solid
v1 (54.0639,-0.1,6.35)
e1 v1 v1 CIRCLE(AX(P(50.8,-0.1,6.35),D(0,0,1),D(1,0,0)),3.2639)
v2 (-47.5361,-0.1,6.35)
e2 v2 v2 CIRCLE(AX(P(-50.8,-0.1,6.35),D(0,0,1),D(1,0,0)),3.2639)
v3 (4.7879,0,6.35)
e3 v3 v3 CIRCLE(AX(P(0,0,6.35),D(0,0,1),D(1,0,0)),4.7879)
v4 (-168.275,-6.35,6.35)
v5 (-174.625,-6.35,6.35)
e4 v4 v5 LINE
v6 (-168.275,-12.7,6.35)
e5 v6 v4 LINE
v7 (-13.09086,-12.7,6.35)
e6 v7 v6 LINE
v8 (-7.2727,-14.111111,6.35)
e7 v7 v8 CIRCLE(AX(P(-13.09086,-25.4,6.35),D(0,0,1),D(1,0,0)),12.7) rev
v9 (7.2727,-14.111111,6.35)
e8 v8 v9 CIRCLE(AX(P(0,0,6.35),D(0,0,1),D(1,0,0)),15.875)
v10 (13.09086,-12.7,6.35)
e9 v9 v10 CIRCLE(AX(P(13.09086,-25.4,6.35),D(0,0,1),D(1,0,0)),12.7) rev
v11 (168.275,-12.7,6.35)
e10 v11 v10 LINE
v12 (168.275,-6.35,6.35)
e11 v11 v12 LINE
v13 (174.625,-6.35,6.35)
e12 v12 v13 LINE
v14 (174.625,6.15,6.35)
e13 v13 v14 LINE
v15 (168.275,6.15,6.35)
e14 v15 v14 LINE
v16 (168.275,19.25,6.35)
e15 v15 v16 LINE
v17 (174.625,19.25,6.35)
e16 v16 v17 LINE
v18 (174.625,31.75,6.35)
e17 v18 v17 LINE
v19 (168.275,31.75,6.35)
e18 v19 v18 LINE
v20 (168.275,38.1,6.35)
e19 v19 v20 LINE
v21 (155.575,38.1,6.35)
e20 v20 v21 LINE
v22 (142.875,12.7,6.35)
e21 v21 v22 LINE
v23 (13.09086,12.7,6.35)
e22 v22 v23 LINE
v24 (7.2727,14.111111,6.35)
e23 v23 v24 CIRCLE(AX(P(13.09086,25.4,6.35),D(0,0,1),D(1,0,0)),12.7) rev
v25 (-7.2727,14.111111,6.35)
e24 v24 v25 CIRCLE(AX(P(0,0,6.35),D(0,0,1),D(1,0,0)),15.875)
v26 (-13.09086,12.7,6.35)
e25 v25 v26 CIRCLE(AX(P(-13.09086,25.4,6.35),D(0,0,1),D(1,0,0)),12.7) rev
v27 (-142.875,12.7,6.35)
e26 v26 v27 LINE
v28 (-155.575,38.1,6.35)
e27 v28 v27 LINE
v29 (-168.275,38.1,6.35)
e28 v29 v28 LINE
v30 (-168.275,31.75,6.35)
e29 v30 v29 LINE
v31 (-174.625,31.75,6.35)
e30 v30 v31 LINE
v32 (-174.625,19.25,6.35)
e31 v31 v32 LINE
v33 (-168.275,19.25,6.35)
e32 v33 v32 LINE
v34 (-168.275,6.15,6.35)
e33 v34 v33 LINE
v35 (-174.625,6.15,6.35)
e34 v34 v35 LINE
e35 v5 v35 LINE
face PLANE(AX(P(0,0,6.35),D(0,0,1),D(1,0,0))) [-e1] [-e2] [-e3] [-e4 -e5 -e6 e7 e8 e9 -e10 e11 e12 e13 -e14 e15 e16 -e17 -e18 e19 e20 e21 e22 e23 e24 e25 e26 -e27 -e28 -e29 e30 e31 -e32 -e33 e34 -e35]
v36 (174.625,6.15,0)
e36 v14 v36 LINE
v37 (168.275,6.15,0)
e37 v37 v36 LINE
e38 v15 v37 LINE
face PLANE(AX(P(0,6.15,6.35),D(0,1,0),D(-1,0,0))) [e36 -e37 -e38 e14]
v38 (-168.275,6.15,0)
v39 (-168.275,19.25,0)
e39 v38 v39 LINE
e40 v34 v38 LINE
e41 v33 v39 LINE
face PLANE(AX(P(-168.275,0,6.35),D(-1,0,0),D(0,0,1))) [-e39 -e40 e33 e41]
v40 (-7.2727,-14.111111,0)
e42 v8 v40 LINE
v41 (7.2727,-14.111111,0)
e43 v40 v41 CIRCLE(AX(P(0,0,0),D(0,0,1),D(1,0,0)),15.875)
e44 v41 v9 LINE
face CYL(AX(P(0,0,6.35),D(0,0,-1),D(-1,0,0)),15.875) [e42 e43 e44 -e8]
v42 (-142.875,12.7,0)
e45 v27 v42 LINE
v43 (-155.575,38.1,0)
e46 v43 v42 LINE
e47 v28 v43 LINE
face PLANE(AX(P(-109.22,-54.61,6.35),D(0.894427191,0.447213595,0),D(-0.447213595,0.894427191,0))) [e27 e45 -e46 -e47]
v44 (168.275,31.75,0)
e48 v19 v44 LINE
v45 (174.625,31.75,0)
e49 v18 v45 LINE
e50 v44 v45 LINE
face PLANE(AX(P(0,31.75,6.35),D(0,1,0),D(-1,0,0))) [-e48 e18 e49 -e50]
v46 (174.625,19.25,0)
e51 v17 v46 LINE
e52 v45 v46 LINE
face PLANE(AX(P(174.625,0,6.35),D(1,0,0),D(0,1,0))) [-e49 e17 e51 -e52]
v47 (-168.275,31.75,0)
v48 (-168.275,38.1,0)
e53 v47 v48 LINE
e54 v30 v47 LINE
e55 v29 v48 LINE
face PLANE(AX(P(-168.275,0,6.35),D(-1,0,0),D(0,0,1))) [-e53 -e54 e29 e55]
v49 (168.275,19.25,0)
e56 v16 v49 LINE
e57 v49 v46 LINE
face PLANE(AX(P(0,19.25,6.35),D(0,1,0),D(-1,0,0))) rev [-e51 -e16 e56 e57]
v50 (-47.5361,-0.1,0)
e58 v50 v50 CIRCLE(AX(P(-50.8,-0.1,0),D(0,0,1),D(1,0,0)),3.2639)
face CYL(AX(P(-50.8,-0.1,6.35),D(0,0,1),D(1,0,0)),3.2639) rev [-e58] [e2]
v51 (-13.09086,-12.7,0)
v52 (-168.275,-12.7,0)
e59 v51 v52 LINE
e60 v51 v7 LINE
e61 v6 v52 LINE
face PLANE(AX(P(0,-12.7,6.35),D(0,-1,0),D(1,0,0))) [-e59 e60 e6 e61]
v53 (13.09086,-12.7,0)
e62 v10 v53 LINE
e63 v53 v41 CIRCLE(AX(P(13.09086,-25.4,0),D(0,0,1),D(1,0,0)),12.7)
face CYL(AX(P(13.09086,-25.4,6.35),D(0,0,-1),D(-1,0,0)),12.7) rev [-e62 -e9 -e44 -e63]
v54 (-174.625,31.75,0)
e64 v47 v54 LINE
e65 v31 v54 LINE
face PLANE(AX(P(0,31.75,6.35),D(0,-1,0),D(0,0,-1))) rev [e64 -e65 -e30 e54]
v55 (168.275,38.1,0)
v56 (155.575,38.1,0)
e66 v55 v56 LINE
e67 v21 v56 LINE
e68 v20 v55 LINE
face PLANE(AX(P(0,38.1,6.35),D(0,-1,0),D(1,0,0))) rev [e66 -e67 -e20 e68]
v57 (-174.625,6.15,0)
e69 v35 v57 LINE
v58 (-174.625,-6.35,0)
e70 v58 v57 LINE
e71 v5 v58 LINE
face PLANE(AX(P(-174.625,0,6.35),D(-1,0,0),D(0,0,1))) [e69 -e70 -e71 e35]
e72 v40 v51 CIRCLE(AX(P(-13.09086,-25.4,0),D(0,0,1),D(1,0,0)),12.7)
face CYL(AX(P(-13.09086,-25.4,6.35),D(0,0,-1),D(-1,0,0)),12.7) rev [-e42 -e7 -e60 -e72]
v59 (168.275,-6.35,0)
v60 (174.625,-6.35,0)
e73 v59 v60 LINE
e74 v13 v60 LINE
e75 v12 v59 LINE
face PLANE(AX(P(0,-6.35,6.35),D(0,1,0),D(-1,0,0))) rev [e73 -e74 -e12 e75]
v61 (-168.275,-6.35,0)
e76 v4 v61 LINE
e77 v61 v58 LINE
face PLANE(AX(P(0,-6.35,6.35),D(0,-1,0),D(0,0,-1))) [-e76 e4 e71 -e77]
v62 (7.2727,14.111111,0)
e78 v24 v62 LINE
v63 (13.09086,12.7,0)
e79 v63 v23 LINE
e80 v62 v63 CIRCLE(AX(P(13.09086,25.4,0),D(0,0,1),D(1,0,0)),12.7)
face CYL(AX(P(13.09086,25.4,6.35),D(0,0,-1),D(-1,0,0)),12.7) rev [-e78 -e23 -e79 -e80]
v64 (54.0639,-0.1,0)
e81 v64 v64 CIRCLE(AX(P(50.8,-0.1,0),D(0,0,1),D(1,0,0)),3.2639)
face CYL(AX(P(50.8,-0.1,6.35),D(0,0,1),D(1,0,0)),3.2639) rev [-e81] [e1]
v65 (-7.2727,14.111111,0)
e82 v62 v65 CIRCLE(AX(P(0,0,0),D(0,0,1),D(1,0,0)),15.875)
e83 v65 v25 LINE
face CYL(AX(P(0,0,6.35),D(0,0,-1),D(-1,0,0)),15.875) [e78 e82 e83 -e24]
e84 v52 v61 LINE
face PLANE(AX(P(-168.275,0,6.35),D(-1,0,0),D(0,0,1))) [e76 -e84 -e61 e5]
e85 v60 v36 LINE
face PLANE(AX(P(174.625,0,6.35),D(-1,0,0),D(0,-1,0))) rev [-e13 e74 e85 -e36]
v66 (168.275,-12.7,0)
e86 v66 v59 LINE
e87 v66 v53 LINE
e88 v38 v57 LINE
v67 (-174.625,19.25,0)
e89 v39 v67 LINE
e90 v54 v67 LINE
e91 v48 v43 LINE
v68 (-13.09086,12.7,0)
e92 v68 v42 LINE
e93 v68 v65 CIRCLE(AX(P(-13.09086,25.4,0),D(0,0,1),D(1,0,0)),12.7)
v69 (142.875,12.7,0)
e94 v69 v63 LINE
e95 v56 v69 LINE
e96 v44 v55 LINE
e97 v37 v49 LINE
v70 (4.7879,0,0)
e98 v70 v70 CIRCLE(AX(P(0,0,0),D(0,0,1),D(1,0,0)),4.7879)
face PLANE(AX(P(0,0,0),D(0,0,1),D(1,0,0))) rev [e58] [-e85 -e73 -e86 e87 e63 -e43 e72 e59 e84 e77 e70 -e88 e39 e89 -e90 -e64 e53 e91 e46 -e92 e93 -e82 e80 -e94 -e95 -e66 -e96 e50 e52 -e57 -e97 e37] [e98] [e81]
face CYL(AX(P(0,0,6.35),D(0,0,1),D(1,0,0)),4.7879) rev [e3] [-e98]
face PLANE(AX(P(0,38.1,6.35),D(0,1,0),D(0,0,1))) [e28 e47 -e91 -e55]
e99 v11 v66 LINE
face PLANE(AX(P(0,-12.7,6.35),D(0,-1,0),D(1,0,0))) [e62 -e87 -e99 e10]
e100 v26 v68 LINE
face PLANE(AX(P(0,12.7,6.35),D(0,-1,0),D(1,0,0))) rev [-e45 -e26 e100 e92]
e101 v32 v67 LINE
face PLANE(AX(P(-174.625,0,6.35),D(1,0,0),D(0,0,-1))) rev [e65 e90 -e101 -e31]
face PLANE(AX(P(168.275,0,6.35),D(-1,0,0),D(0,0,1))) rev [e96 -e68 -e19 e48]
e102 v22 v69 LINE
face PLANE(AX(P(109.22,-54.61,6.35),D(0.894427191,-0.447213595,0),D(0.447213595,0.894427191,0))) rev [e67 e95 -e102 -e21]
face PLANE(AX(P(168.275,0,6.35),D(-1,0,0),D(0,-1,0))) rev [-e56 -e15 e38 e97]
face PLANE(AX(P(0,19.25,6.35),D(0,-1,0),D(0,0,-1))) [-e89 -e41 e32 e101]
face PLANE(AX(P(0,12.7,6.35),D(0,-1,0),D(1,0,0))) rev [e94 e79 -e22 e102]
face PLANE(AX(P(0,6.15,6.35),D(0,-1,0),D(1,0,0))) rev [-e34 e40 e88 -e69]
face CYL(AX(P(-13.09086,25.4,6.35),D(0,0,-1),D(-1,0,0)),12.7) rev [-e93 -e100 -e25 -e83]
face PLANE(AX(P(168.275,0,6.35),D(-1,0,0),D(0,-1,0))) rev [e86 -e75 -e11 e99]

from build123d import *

# Parameters (mm, degrees)
BOSS_EXTRUDE1_DEPTH      = 6.35
V_0_377_DIAMETER_HOLE1_D = 9.5758
FILLET2_R                = 12.7
F_0_257_DIAMETER_HOLE1_D = 6.5278


with BuildPart() as part:
    # Sketch1 → Boss-Extrude1 (new body)
    with BuildSketch(Plane.XY):
        with BuildLine():
            Line((-168.275, -6.35), (-168.275, -12.7))
            Line((-168.275, -12.7), (-142.875, -12.7))
            Line((-142.875, -12.7), (-9.525, -12.7))
            ThreePointArc((-9.525, -12.7), (0, -15.875), (9.525, -12.7))
            Line((9.525, -12.7), (142.875, -12.7))
            Line((142.875, -12.7), (168.275, -12.7))
            Line((168.275, -12.7), (168.275, -6.35))
            Line((168.275, -6.35), (174.625, -6.35))
            Line((174.625, -6.35), (174.625, 6.15))
            Line((174.625, 6.15), (168.275, 6.15))
            Line((168.275, 6.15), (168.275, 12.7))
            Line((168.275, 12.7), (168.275, 19.25))
            Line((168.275, 19.25), (174.625, 19.25))
            Line((174.625, 19.25), (174.625, 31.75))
            Line((174.625, 31.75), (168.275, 31.75))
            Line((168.275, 31.75), (168.275, 38.1))
            Line((168.275, 38.1), (155.575, 38.1))
            Line((155.575, 38.1), (142.875, 12.7))
            Line((142.875, 12.7), (9.525, 12.7))
            ThreePointArc((9.525, 12.7), (0, 15.875), (-9.525, 12.7))
            Line((-9.525, 12.7), (-142.875, 12.7))
            Line((-142.875, 12.7), (-155.575, 38.1))
            Line((-155.575, 38.1), (-168.275, 38.1))
            Line((-168.275, 38.1), (-168.275, 31.75))
            Line((-168.275, 31.75), (-174.625, 31.75))
            Line((-174.625, 31.75), (-174.625, 19.25))
            Line((-174.625, 19.25), (-168.275, 19.25))
            Line((-168.275, 19.25), (-168.275, 12.7))
            Line((-168.275, 12.7), (-168.275, 6.15))
            Line((-168.275, 6.15), (-174.625, 6.15))
            Line((-174.625, 6.15), (-174.625, -6.35))
            Line((-174.625, -6.35), (-168.275, -6.35))
        make_face()
    extrude(amount=BOSS_EXTRUDE1_DEPTH)

    # V (0.377) Diameter Hole1 (through all)
    with Locations(Plane.XY.offset(6.35)):
        with Locations((0, 0)):
            Hole(V_0_377_DIAMETER_HOLE1_D / 2)

    # Fillet2
    fillet2_edges = [part.edges().sort_by_distance(p)[0] for p in [
        (-9.525, 12.7, 3.175),
        (9.525, 12.7, 3.175),
        (9.525, -12.7, 3.175),
        (-9.525, -12.7, 3.175),
    ]]
    fillet(fillet2_edges, radius=FILLET2_R)

    # F (0.257) Diameter Hole1 (through all)
    with Locations(Plane.XY.offset(6.35)):
        with Locations((-50.8, -0.1), (50.8, -0.1)):
            Hole(F_0_257_DIAMETER_HOLE1_D / 2)


solid = part.part
